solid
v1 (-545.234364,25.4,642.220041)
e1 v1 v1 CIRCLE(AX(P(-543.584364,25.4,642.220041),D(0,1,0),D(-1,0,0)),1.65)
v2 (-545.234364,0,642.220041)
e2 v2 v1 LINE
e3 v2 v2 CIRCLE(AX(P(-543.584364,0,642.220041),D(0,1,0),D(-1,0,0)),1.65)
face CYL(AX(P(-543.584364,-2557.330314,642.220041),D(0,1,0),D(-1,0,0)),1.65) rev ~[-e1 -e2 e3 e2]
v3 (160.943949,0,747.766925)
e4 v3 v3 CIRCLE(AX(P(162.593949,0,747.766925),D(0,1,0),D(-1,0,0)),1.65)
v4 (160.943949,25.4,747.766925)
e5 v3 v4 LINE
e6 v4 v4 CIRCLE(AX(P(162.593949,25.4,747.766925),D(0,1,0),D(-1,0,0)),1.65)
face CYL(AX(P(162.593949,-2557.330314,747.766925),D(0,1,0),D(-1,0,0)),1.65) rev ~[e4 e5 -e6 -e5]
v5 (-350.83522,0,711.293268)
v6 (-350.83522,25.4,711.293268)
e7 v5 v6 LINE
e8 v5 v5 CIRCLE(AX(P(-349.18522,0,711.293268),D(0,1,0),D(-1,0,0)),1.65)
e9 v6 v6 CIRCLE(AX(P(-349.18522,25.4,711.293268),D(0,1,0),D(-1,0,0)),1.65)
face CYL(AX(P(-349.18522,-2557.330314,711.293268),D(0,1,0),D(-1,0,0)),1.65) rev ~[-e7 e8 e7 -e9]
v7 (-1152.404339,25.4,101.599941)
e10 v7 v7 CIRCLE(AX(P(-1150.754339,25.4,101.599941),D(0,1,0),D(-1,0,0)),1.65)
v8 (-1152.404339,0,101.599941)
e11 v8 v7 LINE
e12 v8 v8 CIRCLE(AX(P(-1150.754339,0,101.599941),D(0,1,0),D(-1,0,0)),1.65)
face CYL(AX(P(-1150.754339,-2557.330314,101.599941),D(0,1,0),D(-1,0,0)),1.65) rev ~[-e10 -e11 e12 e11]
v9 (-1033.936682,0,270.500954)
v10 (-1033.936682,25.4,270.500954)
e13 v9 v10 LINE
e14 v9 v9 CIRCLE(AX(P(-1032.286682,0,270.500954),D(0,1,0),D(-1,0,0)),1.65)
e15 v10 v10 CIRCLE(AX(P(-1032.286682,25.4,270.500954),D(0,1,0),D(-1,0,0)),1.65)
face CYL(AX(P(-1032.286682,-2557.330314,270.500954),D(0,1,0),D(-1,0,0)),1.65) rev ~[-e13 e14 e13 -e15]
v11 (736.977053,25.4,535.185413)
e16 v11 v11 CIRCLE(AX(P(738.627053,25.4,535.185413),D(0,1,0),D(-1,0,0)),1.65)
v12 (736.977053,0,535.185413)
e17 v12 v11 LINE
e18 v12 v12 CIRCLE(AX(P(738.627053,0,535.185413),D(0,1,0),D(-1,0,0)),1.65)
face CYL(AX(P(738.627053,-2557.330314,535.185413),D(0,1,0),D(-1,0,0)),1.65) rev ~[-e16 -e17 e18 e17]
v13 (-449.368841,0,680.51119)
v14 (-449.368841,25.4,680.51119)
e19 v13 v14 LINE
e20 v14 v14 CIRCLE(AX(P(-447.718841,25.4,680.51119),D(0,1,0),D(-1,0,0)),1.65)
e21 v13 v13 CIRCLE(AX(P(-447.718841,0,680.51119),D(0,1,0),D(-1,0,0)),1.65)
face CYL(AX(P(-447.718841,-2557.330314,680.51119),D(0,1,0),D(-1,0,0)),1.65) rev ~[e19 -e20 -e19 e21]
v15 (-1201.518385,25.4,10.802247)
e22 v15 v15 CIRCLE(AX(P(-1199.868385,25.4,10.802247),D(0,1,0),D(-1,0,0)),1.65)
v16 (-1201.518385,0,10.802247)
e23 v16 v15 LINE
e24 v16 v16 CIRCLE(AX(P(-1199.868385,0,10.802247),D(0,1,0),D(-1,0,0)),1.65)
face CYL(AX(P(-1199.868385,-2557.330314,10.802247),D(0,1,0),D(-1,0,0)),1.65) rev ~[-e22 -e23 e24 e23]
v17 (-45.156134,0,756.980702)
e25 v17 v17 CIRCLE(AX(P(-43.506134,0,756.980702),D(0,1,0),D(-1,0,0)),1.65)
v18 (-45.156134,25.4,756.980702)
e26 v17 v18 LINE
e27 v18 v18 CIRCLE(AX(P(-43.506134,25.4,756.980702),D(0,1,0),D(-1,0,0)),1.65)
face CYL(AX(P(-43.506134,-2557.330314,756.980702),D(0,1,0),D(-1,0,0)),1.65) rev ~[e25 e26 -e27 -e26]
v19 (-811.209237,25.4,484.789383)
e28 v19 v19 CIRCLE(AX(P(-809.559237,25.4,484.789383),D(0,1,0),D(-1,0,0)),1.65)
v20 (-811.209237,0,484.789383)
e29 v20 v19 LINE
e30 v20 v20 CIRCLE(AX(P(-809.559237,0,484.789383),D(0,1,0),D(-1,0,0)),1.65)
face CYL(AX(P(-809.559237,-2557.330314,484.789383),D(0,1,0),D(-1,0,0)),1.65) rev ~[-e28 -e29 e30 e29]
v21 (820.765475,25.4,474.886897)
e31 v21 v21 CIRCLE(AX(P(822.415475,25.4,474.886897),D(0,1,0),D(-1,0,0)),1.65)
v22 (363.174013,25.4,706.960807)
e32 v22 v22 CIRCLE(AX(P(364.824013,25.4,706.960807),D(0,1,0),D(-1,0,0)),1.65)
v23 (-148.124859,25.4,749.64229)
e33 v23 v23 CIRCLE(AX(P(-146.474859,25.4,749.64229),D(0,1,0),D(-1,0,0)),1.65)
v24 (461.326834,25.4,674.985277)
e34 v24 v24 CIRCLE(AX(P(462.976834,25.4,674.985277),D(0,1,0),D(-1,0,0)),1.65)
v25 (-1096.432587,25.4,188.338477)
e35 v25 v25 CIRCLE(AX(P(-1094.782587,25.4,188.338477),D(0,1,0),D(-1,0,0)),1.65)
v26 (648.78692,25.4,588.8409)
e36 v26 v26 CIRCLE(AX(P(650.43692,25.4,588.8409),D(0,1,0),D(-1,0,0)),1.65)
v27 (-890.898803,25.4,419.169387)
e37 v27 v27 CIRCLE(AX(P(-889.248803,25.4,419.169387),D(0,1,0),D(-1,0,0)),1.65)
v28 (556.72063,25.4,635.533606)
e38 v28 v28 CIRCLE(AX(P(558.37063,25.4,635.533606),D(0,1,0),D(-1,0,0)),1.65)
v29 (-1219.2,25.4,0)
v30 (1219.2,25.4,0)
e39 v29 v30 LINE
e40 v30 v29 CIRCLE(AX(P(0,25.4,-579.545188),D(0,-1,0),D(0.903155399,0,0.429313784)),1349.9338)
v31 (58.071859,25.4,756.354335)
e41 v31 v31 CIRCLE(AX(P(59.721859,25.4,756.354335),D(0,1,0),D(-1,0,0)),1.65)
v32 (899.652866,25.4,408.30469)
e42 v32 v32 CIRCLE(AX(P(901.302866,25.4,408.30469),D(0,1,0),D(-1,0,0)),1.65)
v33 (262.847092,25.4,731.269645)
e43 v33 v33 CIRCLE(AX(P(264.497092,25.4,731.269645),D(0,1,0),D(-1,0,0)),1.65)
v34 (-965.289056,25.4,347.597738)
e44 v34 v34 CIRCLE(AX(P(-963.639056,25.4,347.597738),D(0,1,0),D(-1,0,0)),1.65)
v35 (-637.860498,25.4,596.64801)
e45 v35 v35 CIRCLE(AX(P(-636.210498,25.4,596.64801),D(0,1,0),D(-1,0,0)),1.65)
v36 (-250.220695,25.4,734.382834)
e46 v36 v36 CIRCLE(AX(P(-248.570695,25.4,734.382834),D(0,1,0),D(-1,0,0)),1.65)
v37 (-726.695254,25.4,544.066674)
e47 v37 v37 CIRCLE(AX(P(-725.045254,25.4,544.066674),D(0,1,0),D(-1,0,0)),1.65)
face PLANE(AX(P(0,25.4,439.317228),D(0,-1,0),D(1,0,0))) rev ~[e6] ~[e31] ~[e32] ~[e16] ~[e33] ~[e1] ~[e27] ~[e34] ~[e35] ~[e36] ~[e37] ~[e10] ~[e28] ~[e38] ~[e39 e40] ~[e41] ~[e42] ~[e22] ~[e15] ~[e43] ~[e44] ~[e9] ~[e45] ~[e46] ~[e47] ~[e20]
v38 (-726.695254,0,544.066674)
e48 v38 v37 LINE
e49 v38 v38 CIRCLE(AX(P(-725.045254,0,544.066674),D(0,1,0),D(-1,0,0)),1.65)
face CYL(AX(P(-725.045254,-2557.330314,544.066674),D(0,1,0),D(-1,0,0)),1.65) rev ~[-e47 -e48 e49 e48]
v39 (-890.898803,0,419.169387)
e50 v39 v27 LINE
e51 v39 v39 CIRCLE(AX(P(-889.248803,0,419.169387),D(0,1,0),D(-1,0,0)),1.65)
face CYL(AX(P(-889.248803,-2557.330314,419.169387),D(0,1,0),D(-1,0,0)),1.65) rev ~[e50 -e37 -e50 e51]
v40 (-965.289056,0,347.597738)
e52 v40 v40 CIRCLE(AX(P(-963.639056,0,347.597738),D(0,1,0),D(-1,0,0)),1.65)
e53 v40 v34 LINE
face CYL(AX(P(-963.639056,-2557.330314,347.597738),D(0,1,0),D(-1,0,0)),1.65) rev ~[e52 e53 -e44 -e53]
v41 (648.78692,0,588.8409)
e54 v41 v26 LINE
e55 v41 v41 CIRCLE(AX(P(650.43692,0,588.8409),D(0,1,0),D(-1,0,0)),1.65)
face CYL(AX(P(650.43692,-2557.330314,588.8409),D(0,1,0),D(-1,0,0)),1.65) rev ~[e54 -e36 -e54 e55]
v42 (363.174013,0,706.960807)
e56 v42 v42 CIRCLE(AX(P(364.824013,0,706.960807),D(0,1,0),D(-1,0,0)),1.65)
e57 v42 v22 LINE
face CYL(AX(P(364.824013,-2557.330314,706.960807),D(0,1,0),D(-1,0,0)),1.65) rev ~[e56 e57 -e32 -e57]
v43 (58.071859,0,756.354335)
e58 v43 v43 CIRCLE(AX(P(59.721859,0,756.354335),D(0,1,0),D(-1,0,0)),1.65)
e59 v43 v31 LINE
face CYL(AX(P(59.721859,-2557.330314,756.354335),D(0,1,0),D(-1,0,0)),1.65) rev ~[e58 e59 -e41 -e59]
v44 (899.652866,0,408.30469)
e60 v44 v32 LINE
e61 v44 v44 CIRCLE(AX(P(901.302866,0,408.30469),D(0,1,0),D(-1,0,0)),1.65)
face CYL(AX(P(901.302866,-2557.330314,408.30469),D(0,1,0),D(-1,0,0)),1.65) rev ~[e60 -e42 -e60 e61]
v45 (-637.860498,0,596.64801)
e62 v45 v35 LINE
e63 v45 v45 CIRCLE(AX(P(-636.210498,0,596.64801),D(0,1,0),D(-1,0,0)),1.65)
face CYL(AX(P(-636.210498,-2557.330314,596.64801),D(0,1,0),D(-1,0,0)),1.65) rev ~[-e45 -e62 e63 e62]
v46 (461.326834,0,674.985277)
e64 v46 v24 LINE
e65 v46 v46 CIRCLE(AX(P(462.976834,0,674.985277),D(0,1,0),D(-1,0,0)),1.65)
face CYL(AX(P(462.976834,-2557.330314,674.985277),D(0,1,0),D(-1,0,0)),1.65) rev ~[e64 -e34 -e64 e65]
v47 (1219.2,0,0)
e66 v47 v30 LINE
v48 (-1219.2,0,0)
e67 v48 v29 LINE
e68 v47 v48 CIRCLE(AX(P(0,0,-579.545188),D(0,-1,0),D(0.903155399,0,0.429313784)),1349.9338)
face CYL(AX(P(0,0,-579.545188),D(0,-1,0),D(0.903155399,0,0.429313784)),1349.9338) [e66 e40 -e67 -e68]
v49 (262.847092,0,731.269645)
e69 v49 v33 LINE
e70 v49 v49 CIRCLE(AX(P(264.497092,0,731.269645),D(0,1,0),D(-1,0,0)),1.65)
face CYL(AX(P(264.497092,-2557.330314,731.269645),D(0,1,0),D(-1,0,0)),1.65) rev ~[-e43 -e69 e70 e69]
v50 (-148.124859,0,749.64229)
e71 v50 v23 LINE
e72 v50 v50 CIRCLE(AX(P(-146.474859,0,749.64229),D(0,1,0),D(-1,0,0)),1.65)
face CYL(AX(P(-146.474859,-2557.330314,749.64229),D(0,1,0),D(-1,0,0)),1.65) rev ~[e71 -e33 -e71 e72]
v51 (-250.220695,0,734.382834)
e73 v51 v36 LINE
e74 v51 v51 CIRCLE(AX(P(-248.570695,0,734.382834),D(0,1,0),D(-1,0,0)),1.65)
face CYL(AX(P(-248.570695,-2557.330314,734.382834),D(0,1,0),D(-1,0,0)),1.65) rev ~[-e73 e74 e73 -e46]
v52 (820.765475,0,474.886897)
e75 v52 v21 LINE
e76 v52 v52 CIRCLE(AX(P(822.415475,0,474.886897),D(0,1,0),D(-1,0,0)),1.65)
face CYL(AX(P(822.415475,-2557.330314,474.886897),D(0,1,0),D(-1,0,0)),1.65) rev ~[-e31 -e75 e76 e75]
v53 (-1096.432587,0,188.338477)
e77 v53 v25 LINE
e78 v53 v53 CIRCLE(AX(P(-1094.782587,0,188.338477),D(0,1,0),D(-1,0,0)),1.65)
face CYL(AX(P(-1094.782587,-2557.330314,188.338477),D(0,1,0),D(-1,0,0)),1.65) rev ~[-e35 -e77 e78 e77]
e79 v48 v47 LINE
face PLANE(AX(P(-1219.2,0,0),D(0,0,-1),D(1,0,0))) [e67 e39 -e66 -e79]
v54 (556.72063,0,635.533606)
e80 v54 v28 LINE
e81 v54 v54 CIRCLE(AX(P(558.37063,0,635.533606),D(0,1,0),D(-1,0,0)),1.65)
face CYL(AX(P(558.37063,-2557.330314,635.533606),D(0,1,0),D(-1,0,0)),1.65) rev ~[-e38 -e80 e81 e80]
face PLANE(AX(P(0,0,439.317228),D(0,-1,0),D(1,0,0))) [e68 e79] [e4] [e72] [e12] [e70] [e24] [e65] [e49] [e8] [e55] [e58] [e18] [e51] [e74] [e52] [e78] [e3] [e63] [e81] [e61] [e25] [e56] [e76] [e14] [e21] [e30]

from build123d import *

# Parameters (mm, degrees)
F1_DEPTH = 25.4
F6_D     = 3.3


with BuildPart() as f1:
    # F0 (on Front) → F1 (new body)
    with BuildSketch(Plane.XZ):
        with BuildLine():
            Line((1191.0151816665, 0), (1219.2, 0))
            ThreePointArc((1219.2, 0), (0, 770.3886124758), (-1219.2, 0))
            Line((-1219.2, 0), (-1191.0151816665, 0))
            ThreePointArc((-1191.0151816665, 0), (0, 744.9886124758), (1191.0151816665, 0))
        make_face()
        with BuildLine():
            Line((-1191.0151816665, 0), (1191.0151816665, 0))
            ThreePointArc((1191.0151816665, 0), (0, 744.9886124758), (-1191.0151816665, 0))
        make_face()
    extrude(amount=-F1_DEPTH)

    # F6 (through all)
    with Locations(Plane.XZ):
        with Locations((-1199.8683853028, 10.8022473084), (-1150.7543393869, 101.5999410972), (-1094.7825871808, 188.3384772768), (-1032.2866819234, 270.5009536858), (-963.6390563295, 347.5977383394), (-889.2488031461, 419.1693872997), (-809.5592372404, 484.7893826469), (-725.0452537474, 544.0666742327), (-636.2104980208, 596.6480100716), (-543.5843642522, 642.2200414797), (-447.7188406447, 680.5111904186), (-349.1852199423, 711.2932679133), (-248.5706949173, 734.3828339027), (-146.4748591035, 749.642290416), (-43.5061336309, 756.9807015625), (59.721858547, 756.3543354468), (162.5939494253, 747.7669247813), (264.4970919263, 731.2696446413), (364.8240132401, 706.9608074972), (462.9768337533, 674.9852773391), (558.3706300019, 635.5336063874), (650.4369204132, 588.8408995317), (738.6270530661, 535.1854132675), (822.4154752804, 474.8868974778), (901.3028655499, 408.304689944)):
            Hole(F6_D / 2)


solid = f1.part
